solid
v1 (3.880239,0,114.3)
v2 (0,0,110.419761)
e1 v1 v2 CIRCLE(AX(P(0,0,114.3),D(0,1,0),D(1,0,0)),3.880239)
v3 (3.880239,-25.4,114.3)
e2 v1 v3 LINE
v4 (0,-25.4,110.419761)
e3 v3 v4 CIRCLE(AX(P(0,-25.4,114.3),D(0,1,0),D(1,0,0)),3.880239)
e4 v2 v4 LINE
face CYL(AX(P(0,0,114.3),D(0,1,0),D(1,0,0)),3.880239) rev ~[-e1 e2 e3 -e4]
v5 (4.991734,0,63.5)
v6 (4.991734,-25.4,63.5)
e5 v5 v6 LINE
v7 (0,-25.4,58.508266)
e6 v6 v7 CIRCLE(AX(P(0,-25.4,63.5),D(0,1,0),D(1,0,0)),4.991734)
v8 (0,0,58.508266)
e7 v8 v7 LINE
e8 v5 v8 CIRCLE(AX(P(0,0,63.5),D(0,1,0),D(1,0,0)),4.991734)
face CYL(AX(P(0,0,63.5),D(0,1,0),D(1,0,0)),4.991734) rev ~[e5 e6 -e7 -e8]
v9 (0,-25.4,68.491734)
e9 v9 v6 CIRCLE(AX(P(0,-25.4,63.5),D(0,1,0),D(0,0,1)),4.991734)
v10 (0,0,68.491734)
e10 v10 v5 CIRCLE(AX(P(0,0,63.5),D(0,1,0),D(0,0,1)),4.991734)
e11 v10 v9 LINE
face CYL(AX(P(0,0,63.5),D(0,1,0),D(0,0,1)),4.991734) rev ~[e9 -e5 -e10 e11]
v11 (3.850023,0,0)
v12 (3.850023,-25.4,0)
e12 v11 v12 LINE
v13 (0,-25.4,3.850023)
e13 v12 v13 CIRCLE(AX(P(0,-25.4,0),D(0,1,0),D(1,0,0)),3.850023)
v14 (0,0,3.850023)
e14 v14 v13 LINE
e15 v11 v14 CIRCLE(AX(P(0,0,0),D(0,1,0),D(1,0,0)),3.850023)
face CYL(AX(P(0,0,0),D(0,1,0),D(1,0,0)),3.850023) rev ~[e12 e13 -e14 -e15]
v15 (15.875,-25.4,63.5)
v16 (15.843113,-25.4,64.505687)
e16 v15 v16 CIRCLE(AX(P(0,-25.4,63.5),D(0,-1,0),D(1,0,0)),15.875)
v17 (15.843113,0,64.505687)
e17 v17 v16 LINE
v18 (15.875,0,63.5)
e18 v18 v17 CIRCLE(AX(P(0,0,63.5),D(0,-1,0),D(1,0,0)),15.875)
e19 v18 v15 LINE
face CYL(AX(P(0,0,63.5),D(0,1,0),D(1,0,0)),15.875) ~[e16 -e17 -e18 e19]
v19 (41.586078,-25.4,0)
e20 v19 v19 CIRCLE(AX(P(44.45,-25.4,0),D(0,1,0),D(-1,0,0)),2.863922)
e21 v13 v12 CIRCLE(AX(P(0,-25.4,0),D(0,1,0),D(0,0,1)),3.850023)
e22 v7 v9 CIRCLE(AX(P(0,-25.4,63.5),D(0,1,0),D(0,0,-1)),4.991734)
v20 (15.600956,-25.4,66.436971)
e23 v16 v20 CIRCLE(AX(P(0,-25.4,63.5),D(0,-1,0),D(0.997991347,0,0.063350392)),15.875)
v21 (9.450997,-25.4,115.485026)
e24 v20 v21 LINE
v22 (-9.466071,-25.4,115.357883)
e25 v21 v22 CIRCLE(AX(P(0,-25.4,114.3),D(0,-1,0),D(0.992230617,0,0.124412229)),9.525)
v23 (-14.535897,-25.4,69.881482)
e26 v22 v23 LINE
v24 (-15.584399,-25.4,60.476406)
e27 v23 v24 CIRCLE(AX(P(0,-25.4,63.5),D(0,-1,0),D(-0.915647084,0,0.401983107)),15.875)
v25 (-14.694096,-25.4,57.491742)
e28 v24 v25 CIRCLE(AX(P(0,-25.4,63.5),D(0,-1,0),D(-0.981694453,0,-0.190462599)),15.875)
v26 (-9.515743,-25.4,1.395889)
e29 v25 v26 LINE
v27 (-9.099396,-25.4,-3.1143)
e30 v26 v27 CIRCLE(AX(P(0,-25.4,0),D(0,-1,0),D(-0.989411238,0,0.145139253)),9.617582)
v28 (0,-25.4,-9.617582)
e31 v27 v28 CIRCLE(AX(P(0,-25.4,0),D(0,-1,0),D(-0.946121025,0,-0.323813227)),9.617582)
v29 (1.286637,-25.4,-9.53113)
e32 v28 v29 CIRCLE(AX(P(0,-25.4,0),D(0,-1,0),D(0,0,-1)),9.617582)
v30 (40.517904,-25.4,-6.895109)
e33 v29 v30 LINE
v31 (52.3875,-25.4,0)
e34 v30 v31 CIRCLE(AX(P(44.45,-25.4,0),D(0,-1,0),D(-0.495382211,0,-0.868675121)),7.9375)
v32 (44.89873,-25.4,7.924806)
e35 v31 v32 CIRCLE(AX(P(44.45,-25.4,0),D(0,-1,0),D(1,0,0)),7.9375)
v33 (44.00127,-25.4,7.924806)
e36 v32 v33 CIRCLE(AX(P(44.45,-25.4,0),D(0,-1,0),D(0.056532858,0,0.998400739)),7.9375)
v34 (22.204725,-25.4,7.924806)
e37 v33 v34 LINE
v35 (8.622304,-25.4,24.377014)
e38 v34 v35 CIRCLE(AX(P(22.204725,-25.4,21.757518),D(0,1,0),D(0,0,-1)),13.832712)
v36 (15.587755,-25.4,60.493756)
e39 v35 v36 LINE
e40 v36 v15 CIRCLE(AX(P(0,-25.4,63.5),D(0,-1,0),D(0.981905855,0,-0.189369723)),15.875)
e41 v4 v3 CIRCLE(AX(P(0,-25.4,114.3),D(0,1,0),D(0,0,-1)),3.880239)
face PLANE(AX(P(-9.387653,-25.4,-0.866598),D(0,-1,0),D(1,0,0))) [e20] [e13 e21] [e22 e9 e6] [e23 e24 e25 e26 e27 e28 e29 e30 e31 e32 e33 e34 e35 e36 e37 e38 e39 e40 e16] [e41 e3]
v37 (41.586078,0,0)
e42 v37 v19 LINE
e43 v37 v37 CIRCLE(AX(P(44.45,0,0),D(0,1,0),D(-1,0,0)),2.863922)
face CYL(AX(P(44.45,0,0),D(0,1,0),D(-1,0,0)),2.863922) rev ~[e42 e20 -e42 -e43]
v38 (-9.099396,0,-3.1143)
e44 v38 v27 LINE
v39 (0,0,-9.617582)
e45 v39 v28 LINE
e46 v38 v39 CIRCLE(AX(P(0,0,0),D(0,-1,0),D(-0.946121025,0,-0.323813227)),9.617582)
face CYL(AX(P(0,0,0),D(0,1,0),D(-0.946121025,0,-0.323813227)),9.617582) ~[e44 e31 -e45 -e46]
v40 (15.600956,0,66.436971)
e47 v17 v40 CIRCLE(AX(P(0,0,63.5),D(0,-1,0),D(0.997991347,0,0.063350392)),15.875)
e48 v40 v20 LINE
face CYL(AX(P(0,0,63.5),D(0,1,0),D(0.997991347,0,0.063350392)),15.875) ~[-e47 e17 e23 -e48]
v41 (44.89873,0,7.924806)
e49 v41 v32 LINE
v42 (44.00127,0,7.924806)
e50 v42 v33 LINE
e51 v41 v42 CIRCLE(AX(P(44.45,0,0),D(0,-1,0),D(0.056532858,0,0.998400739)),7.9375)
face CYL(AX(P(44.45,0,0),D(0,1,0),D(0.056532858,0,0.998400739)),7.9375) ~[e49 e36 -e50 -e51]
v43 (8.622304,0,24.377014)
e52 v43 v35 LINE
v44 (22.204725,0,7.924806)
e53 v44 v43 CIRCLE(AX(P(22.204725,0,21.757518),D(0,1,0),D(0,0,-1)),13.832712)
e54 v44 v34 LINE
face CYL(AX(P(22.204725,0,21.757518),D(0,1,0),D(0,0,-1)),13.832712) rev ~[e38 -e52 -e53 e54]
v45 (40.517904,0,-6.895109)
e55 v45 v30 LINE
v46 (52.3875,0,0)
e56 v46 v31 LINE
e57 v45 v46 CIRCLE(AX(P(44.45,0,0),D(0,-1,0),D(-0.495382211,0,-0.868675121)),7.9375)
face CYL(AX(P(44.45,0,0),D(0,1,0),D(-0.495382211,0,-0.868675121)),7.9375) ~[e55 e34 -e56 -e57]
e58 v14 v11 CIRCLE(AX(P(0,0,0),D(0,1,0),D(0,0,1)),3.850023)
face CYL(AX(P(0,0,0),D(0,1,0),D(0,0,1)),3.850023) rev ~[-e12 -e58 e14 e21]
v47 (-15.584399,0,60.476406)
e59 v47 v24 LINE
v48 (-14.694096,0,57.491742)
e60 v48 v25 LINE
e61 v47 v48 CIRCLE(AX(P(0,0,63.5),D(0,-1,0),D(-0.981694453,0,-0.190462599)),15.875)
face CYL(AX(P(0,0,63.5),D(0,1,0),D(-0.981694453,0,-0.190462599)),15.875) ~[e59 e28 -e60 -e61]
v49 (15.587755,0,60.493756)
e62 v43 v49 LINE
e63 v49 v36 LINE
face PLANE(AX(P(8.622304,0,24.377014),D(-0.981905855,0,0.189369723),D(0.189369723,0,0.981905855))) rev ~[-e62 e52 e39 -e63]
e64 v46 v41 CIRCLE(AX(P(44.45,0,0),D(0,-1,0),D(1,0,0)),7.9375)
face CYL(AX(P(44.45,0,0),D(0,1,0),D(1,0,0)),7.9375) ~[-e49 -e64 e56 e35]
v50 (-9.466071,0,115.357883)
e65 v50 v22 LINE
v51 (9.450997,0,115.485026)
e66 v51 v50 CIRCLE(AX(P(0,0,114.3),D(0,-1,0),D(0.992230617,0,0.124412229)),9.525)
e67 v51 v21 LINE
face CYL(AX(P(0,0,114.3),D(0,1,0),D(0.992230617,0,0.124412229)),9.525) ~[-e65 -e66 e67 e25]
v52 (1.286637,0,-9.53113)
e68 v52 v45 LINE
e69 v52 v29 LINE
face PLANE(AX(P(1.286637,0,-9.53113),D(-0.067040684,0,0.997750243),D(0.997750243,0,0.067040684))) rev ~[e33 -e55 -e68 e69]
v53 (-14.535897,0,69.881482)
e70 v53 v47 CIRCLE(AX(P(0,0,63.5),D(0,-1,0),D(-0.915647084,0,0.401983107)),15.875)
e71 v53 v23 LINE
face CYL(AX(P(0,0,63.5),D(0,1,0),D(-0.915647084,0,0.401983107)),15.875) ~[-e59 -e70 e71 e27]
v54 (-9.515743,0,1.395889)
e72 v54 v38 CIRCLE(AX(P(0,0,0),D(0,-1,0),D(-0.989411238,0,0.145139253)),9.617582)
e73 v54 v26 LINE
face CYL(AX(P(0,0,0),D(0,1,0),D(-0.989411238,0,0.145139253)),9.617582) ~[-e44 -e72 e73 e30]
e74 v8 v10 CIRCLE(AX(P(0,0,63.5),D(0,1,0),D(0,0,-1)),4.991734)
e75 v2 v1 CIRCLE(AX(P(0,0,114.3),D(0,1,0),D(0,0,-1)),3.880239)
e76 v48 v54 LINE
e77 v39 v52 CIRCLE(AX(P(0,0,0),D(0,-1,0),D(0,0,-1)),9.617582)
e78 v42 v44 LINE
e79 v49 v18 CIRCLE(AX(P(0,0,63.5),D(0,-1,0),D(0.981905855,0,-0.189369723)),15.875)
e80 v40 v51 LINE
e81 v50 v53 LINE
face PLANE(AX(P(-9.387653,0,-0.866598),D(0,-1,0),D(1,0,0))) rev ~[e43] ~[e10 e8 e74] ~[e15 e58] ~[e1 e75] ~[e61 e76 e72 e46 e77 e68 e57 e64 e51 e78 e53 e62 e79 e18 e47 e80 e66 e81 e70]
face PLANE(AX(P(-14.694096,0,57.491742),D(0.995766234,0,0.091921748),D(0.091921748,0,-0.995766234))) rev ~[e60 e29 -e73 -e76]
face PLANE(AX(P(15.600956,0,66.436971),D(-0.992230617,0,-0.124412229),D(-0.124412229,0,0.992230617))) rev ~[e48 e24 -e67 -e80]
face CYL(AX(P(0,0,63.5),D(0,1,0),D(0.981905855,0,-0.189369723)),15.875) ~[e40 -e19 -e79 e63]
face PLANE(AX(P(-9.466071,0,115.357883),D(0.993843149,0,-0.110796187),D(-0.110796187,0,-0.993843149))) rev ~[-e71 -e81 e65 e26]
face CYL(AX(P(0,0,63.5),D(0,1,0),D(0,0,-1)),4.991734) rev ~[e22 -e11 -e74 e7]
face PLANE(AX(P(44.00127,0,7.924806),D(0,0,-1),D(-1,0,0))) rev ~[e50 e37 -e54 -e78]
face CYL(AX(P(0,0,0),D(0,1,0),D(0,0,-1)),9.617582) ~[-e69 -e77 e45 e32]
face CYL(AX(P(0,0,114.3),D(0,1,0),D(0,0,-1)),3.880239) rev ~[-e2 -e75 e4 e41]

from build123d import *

# Parameters (mm, degrees)
F1_DEPTH = 25.4


with BuildPart() as f1:
    # F0 (on Front) → F1 (new body)
    with BuildSketch(Plane.XZ):
        with BuildLine():
            Line((-9.0993962158, -3.1143001494), (-9.5157433692, 1.3958886217))
            ThreePointArc((-9.5157433692, 1.3958886217), (-9.5768630631, -0.8840649199), (-9.0993962158, -3.1143001494))
        make_face()
        with BuildLine():
            ThreePointArc((0, -9.6175816561), (0.6447692536, -9.5959444309), (1.2866373584, -9.5311301124))
            Line((1.2866373584, -9.5311301124), (0, -9.6175816561))
        make_face()
        with BuildLine():
            ThreePointArc((44.8987295624, 7.924805867), (44.45, 7.9375), (44.0012704376, 7.924805867))
            Line((44.0012704376, 7.924805867), (44.8987295624, 7.924805867))
        make_face()
        with BuildLine():
            Line((15.6009559029, 66.4369712147), (15.8431126272, 64.5056874674))
            ThreePointArc((15.8431126272, 64.5056874674), (15.7516610445, 65.4750441364), (15.6009559029, 66.4369712147))
        make_face()
        with BuildLine():
            ThreePointArc((-14.535897452, 69.8814818237), (-15.7772599915, 65.2588894677), (-15.5843994353, 60.4764062373))
            Line((-15.5843994353, 60.4764062373), (-14.535897452, 69.8814818237))
        make_face()
        with BuildLine():
            ThreePointArc((-9.5157433692, 1.3958886217), (-6.2877978701, 7.2774634906), (0, 9.6175816561))
            Line((0, 9.6175816561), (0, 47.625))
            ThreePointArc((0, 47.625), (-8.849704349, 50.3205327143), (-14.6940962464, 57.4917423074))
            Line((-14.6940962464, 57.4917423074), (-9.5157433692, 1.3958886217))
        make_face()
        with BuildLine():
            ThreePointArc((-14.535897452, 69.8814818237), (-8.6807142865, 76.7913815864), (0, 79.375))
            Line((0, 79.375), (0, 104.775))
            ThreePointArc((0, 104.775), (-7.0993647554, 107.9498310991), (-9.4660714511, 115.357882925))
            Line((-9.4660714511, 115.357882925), (-14.535897452, 69.8814818237))
        make_face()
        with BuildLine():
            Line((0, 104.775), (0, 79.375))
            ThreePointArc((0, 79.375), (10.1338839289, 75.7196571767), (15.6009559029, 66.4369712147))
            Line((15.6009559029, 66.4369712147), (9.4509966267, 115.4850264818))
            ThreePointArc((9.4509966267, 115.4850264818), (9.5064811542, 114.8936674705), (9.525, 114.3))
            ThreePointArc((9.525, 114.3), (6.7351920908, 107.5648079092), (0, 104.775))
        make_face()
        with BuildLine():
            Line((36.5125, 0), (9.6175816561, 0))
            ThreePointArc((9.6175816561, 0), (7.2412780905, -6.3294366675), (1.2866373584, -9.5311301124))
            Line((1.2866373584, -9.5311301124), (40.5179037022, -6.8951087704))
            ThreePointArc((40.5179037022, -6.8951087704), (37.5865125259, -3.9870347306), (36.5125, 0))
        make_face()
        with BuildLine():
            ThreePointArc((9.4509966267, 115.4850264818), (-0.064017057, 123.8247848698), (-9.4660714511, 115.357882925))
            ThreePointArc((-9.4660714511, 115.357882925), (-7.0993647554, 107.9498310991), (0, 104.775))
            ThreePointArc((0, 104.775), (6.7351920908, 107.5648079092), (9.525, 114.3))
            ThreePointArc((9.525, 114.3), (9.5064811542, 114.8936674705), (9.4509966267, 115.4850264818))
        make_face()
        with BuildLine():
            ThreePointArc((3.8802388174, 114.3), (2.7437431804, 111.5562568196), (0, 110.4197611826))
            ThreePointArc((0, 110.4197611826), (-2.7437431804, 117.0437431804), (3.8802388174, 114.3))
        make_face(mode=Mode.SUBTRACT)
        with BuildLine():
            ThreePointArc((44.0012704376, 7.924805867), (38.680871073, 5.4517022731), (36.5125, 0))
            ThreePointArc((36.5125, 0), (37.5865125259, -3.9870347306), (40.5179037022, -6.8951087704))
            ThreePointArc((40.5179037022, -6.8951087704), (48.4370347306, -6.8634874741), (52.3875, 0))
            ThreePointArc((52.3875, 0), (50.219128927, 5.4517022731), (44.8987295624, 7.924805867))
            Line((44.8987295624, 7.924805867), (44.0012704376, 7.924805867))
        make_face()
        with BuildLine():
            ThreePointArc((47.3139224762, 0), (44.45, -2.8639224762), (41.5860775238, 0))
            ThreePointArc((41.5860775238, 0), (44.45, 2.8639224762), (47.3139224762, 0))
        make_face(mode=Mode.SUBTRACT)
        with BuildLine():
            Line((0, 58.5082662054), (0, 47.625))
            ThreePointArc((0, 47.625), (10.1067179605, 51.2578646852), (15.5877554471, 60.4937556452))
            ThreePointArc((15.5877554471, 60.4937556452), (15.8030257027, 61.9900319081), (15.875, 63.5))
            ThreePointArc((15.875, 63.5), (15.8670261542, 64.0030964338), (15.8431126272, 64.5056874674))
            Line((15.8431126272, 64.5056874674), (15.6009559029, 66.4369712147))
            ThreePointArc((15.6009559029, 66.4369712147), (10.1338839289, 75.7196571767), (0, 79.375))
            Line((0, 79.375), (0, 68.4917337946))
            ThreePointArc((0, 68.4917337946), (3.5296888161, 67.0296888161), (4.9917337946, 63.5))
            ThreePointArc((4.9917337946, 63.5), (3.5296888161, 59.9703111839), (0, 58.5082662054))
        make_face()
        with BuildLine():
            ThreePointArc((-14.6940962464, 57.4917423074), (-8.849704349, 50.3205327143), (0, 47.625))
            Line((0, 47.625), (0, 58.5082662054))
            ThreePointArc((0, 58.5082662054), (-4.9917337946, 63.5), (0, 68.4917337946))
            Line((0, 68.4917337946), (0, 79.375))
            ThreePointArc((0, 79.375), (-8.6807142865, 76.7913815864), (-14.535897452, 69.8814818237))
            Line((-14.535897452, 69.8814818237), (-15.5843994353, 60.4764062373))
            ThreePointArc((-15.5843994353, 60.4764062373), (-15.2126223867, 58.9621871877), (-14.6940962464, 57.4917423074))
        make_face()
        with BuildLine():
            ThreePointArc((3.8500225809, 0), (-2.7223770747, -2.7223770747), (0, 3.8500225809))
            Line((0, 3.8500225809), (0, 9.6175816561))
            ThreePointArc((0, 9.6175816561), (-6.2877978701, 7.2774634906), (-9.5157433692, 1.3958886217))
            Line((-9.5157433692, 1.3958886217), (-9.0993962158, -3.1143001494))
            ThreePointArc((-9.0993962158, -3.1143001494), (-5.5922196364, -7.8246377839), (0, -9.6175816561))
            Line((0, -9.6175816561), (1.2866373584, -9.5311301124))
            ThreePointArc((1.2866373584, -9.5311301124), (7.2412780905, -6.3294366675), (9.6175816561, 0))
            Line((9.6175816561, 0), (3.8500225809, 0))
        make_face()
        with BuildLine():
            Line((0, 47.625), (0, 9.6175816561))
            ThreePointArc((0, 9.6175816561), (6.8006572076, 6.8006572076), (9.6175816561, 0))
            Line((9.6175816561, 0), (36.5125, 0))
            ThreePointArc((36.5125, 0), (38.680871073, 5.4517022731), (44.0012704376, 7.924805867))
            Line((44.0012704376, 7.924805867), (22.2047249099, 7.924805867))
            ThreePointArc((22.2047249099, 7.924805867), (11.5375167972, 12.9510094978), (8.6223042709, 24.3770143895))
            Line((8.6223042709, 24.3770143895), (15.5877554471, 60.4937556452))
            ThreePointArc((15.5877554471, 60.4937556452), (10.1067179605, 51.2578646852), (0, 47.625))
        make_face()
        with BuildLine():
            Line((0, 9.6175816561), (0, 3.8500225809))
            ThreePointArc((0, 3.8500225809), (2.7223770747, 2.7223770747), (3.8500225809, 0))
            Line((3.8500225809, 0), (9.6175816561, 0))
            ThreePointArc((9.6175816561, 0), (6.8006572076, 6.8006572076), (0, 9.6175816561))
        make_face()
    extrude(amount=F1_DEPTH)


solid = f1.part
